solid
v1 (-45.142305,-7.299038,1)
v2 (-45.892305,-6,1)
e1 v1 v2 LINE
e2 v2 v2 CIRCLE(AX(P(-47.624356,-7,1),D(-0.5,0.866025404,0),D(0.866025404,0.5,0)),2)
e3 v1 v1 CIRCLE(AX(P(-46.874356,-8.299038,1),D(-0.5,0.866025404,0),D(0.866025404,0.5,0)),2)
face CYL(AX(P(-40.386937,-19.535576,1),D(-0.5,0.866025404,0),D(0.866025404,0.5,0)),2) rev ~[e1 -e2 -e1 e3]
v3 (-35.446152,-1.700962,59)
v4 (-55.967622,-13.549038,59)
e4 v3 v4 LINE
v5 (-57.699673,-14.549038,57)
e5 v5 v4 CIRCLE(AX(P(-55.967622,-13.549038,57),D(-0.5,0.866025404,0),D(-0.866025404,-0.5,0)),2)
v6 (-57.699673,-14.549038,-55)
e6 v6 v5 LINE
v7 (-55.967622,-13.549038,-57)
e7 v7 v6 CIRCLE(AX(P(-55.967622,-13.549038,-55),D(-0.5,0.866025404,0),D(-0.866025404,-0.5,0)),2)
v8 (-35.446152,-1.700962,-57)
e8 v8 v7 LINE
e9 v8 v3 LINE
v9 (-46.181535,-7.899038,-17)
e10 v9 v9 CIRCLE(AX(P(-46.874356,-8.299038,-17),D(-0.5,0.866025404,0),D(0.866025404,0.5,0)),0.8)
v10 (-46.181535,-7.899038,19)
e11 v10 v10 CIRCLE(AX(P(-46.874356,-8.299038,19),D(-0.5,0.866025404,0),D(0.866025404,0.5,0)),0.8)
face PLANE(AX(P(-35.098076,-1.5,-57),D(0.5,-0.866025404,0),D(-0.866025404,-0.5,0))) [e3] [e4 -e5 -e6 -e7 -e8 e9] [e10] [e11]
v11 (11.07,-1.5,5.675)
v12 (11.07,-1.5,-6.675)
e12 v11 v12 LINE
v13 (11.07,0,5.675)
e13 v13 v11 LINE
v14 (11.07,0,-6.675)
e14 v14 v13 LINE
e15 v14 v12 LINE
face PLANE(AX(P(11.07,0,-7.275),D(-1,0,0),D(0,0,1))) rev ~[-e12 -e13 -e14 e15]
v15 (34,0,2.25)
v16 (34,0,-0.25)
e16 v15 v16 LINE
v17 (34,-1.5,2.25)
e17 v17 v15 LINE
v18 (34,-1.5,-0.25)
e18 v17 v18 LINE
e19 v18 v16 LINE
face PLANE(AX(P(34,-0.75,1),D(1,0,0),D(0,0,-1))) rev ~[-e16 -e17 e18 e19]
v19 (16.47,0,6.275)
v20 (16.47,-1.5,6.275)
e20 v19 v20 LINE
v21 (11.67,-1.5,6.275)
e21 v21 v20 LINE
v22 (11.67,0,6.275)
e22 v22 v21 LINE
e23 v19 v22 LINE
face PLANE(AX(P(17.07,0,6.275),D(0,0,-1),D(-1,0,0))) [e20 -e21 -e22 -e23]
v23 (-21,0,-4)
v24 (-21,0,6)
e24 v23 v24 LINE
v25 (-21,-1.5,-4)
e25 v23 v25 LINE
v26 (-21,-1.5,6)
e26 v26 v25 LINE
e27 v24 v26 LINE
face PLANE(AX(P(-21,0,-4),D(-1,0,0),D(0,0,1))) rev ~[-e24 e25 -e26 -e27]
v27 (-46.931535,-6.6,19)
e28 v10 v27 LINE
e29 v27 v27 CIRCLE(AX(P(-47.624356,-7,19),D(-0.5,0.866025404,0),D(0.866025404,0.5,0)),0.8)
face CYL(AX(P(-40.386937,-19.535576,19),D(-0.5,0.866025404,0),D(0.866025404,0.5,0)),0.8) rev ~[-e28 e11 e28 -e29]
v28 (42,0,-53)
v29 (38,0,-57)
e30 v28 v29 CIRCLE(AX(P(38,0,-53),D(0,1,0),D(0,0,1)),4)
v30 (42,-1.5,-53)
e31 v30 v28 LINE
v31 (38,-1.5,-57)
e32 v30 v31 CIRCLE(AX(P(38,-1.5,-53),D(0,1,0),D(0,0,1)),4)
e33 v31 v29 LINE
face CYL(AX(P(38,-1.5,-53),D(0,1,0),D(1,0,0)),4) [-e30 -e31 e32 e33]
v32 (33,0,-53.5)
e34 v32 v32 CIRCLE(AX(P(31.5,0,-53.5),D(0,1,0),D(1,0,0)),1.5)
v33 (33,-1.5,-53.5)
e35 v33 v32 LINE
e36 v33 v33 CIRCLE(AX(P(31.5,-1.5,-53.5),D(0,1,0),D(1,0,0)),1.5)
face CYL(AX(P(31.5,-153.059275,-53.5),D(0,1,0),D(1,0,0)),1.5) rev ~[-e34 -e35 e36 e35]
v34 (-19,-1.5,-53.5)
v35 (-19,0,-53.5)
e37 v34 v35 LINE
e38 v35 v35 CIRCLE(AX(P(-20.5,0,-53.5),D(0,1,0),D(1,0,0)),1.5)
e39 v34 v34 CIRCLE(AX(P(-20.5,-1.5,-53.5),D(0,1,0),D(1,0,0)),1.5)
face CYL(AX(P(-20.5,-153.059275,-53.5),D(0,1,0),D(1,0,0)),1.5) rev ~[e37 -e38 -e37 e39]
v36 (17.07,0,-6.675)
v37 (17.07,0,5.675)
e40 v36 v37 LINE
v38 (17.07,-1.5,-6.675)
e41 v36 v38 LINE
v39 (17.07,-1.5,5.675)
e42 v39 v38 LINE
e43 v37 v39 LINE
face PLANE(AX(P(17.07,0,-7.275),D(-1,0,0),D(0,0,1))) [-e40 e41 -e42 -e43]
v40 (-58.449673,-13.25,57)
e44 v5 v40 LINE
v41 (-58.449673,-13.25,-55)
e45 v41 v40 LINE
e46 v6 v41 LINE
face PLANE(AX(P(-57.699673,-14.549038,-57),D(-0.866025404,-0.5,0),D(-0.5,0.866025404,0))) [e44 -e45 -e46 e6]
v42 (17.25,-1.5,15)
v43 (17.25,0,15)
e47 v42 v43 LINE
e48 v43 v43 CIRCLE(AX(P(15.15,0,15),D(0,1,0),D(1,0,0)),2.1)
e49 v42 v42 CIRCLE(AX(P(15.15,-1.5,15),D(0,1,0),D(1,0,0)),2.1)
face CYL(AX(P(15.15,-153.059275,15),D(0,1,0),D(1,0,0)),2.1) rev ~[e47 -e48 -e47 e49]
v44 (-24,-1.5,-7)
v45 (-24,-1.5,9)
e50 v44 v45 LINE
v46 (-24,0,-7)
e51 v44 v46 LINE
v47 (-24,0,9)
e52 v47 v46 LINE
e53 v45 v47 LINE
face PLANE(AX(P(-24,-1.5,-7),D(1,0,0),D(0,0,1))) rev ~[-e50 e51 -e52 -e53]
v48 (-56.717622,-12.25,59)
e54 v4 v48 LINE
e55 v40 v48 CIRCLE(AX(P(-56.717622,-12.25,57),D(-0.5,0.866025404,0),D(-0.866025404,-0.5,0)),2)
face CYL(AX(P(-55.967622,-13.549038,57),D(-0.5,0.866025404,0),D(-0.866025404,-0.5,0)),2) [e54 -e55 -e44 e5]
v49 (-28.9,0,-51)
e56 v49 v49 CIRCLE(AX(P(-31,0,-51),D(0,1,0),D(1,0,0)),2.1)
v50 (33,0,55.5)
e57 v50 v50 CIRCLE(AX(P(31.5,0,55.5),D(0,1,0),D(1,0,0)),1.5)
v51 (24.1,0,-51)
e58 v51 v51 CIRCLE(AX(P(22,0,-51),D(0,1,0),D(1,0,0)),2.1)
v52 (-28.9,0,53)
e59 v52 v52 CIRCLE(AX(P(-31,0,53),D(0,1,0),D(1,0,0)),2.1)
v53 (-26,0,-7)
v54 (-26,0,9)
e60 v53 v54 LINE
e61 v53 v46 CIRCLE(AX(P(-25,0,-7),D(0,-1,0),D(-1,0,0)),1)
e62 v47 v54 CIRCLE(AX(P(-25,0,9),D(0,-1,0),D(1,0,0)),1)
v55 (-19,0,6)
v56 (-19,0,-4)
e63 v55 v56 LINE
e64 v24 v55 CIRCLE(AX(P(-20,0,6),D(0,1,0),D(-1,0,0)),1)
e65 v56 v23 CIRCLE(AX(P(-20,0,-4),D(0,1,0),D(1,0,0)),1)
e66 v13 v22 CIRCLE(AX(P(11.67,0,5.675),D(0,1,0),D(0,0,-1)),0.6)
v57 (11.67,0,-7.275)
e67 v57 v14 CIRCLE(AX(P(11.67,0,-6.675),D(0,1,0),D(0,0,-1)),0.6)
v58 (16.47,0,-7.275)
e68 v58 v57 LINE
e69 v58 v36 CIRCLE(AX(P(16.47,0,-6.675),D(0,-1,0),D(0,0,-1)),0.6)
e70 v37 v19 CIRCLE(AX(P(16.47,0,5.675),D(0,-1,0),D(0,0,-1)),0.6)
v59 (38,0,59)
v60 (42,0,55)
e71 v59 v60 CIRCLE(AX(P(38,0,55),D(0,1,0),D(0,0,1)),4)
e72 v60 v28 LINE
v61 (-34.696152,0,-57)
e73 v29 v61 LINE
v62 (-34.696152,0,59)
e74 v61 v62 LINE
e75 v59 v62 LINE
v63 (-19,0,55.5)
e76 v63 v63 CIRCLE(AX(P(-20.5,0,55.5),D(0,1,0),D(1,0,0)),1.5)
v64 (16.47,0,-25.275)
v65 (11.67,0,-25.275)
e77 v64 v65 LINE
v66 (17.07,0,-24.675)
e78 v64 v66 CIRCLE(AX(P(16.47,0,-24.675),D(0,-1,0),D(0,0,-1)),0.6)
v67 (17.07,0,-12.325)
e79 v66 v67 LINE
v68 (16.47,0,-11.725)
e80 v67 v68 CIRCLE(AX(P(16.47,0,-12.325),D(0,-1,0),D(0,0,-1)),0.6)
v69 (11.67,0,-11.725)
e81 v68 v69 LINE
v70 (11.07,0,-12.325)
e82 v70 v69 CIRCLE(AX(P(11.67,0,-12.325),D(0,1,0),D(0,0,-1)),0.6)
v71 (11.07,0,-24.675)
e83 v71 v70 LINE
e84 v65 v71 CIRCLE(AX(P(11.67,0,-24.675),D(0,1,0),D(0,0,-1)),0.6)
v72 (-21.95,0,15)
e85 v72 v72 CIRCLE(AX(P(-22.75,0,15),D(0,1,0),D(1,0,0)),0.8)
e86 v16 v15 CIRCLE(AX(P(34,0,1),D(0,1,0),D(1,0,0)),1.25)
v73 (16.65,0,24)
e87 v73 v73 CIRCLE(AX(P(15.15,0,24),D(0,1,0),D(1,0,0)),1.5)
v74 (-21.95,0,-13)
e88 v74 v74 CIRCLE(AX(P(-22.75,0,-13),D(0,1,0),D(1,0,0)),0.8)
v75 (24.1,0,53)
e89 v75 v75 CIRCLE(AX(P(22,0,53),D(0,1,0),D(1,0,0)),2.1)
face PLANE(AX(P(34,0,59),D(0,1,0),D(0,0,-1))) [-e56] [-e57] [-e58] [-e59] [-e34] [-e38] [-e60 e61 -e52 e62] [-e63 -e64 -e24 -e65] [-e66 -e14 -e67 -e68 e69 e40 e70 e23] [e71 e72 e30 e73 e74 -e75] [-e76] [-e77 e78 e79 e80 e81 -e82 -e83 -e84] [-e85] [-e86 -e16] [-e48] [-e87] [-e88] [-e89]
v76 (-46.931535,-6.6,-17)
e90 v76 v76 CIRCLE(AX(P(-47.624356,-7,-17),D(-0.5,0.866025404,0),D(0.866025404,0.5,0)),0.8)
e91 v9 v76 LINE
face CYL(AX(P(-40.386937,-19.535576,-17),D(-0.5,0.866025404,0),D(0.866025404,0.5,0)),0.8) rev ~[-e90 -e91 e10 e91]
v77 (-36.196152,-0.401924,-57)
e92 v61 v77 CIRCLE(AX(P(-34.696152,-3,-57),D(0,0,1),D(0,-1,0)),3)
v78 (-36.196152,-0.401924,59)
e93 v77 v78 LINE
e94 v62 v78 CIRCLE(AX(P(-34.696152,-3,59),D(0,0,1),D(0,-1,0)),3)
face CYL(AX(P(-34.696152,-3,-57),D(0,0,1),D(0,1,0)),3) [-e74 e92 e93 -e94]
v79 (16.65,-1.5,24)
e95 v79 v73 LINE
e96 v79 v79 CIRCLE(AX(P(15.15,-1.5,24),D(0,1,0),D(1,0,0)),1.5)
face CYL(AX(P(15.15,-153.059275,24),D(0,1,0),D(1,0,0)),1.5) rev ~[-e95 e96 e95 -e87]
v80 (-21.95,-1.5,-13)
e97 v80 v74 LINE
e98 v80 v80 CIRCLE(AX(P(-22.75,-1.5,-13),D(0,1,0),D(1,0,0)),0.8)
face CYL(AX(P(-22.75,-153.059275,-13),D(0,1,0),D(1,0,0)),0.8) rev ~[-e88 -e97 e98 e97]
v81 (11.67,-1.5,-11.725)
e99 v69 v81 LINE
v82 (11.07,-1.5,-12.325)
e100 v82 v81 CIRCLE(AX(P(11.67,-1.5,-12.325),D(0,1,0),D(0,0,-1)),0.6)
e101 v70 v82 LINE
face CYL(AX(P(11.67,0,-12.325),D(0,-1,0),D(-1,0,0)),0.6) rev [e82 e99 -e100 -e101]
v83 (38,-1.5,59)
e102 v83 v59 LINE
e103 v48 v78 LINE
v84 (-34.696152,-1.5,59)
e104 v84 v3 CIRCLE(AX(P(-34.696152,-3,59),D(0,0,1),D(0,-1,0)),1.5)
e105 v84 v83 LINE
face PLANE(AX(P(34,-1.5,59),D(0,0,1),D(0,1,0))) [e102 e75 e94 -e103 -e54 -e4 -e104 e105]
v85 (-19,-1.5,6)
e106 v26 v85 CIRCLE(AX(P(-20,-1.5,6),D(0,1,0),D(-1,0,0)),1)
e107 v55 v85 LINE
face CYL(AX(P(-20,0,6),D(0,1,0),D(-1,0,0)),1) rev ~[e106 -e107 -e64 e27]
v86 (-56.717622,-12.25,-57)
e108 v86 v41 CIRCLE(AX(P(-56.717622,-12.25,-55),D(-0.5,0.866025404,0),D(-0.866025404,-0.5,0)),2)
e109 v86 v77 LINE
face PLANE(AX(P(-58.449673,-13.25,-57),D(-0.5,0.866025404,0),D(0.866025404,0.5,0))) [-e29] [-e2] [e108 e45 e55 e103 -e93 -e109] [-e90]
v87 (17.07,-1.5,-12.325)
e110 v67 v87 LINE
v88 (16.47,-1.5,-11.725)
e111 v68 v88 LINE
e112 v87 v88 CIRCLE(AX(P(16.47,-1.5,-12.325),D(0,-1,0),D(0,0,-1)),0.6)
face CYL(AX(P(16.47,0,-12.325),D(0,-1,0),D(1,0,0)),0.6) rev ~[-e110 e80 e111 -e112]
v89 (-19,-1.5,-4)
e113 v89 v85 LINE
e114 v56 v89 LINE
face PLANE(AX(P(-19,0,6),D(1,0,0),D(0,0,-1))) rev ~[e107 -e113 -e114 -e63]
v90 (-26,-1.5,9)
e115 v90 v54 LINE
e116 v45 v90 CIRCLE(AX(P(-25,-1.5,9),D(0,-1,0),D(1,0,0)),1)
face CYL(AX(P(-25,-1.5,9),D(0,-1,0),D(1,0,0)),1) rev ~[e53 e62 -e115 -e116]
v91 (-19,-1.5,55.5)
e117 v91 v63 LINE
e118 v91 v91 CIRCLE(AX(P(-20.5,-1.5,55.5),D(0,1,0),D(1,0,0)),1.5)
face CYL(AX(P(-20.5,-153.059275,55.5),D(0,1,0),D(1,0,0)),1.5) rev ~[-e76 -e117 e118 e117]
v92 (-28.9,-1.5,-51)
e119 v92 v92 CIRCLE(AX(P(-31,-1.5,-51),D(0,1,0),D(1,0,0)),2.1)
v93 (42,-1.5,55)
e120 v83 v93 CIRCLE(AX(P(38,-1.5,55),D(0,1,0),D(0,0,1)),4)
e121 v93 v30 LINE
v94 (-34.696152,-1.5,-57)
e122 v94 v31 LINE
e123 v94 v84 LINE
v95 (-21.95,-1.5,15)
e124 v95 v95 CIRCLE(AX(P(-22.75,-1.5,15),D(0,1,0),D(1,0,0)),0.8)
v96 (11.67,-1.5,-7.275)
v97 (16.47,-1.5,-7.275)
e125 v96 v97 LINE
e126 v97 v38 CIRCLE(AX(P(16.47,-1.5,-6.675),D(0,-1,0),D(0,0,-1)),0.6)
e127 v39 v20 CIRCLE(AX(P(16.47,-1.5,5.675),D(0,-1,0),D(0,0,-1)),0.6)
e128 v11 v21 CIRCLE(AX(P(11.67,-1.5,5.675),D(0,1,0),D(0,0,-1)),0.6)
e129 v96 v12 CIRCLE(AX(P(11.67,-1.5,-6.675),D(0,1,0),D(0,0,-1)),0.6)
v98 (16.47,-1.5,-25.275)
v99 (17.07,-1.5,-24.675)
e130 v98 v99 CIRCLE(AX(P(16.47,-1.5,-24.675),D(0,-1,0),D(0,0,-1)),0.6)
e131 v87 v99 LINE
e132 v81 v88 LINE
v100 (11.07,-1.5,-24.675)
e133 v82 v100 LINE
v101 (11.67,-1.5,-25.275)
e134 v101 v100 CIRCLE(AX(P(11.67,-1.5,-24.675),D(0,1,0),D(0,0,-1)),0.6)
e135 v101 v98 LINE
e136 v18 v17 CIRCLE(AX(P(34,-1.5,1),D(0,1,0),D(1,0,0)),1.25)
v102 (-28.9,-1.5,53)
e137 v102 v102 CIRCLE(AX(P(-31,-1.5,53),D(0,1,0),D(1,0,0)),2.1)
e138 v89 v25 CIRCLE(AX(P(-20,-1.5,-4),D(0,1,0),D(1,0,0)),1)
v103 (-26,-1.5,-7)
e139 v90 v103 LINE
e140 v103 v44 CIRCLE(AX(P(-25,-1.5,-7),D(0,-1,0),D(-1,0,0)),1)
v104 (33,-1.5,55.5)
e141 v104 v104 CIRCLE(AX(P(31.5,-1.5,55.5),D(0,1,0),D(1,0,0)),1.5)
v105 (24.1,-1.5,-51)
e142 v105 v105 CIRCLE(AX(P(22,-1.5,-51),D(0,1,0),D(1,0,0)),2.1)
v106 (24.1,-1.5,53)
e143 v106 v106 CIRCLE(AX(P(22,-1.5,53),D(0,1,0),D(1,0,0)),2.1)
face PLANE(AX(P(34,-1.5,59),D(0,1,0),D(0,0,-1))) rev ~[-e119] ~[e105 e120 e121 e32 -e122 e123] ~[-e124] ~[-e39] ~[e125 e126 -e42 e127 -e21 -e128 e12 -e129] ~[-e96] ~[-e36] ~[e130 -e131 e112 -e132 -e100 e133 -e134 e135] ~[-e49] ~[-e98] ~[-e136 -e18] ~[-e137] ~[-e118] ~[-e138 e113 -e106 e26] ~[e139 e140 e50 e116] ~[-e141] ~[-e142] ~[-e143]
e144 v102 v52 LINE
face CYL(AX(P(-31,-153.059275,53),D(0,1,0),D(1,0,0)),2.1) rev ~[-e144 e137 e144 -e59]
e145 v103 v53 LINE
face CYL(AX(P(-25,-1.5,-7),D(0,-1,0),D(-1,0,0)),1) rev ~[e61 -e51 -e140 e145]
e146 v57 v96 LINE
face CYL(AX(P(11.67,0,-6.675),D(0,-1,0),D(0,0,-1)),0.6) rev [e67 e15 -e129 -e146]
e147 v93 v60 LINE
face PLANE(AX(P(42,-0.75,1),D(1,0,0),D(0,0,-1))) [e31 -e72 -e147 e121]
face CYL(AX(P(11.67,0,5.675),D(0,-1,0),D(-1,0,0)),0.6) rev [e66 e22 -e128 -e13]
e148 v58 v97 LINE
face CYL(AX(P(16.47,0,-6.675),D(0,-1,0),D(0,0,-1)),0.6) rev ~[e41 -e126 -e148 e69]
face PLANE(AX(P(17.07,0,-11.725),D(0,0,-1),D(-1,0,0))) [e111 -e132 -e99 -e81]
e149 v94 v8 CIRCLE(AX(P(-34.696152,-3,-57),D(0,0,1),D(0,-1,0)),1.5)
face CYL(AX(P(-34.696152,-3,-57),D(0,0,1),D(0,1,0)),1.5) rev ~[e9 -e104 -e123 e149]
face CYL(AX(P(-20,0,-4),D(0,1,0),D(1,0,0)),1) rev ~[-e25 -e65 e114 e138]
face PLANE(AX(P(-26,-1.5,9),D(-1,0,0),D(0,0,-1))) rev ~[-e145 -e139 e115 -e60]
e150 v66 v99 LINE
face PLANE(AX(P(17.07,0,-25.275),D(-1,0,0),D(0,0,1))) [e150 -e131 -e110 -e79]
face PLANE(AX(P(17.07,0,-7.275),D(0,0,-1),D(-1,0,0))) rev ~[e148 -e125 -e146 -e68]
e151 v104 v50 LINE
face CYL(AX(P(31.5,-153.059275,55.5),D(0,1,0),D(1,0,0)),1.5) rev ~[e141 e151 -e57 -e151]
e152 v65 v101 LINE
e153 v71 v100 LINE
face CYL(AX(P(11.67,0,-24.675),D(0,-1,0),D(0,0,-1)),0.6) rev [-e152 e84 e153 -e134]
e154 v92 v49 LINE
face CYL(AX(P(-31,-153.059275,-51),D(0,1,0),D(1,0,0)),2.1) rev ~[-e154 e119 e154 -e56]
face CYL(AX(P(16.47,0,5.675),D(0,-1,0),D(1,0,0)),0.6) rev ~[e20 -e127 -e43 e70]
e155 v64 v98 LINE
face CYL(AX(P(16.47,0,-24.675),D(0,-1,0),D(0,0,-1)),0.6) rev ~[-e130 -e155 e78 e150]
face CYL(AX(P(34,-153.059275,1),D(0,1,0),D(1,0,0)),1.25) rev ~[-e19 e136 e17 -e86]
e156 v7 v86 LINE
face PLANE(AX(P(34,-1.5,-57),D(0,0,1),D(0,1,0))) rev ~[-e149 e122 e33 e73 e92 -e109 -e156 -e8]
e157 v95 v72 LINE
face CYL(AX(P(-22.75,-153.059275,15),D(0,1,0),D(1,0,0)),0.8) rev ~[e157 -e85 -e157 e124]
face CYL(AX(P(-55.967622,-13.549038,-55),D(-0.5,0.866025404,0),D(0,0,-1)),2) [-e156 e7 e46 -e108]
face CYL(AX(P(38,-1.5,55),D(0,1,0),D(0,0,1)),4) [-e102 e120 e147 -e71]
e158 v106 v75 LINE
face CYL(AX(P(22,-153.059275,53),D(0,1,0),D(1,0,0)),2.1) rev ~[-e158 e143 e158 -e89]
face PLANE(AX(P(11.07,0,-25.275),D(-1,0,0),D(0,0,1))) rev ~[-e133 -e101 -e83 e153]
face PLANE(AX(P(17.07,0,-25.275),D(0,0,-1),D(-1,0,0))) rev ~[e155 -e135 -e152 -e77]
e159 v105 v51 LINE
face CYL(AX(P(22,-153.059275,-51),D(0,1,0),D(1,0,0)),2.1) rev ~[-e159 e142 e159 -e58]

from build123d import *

# Parameters (mm, degrees)
SALIENTE_EXTRUIR1_DEPTH             = 116
CROQUIS2_W                          = 6
CROQUIS2_H                          = 13.55
CORTAR_EXTRUIR1_DEPTH               = 85.315116124
CROQUIS3_W                          = 6
CROQUIS3_H                          = 13.55
CORTAR_EXTRUIR2_DEPTH               = 85.315116124
CORTAR_EXTRUIR3_DEPTH               = 85.315116124
CORTAR_EXTRUIR4_DEPTH               = 85.069267231
DI_METRO_DE_TALADRO_2_5_2_5_1_D     = 2.5
DI_METRO_DE_TALADRO_3_0_3_1_D       = 3
DI_METRO_DE_TALADRO_1_6_1_6_1_D     = 1.6
DI_METRO_DE_TALADRO_4_0_4_1_D       = 4
DI_METRO_DE_TALADRO_4_0_4_1_DEPTH   = 12.9748366
DI_METRO_DE_TALADRO_1_6_1_6_2_D     = 1.6
DI_METRO_DE_TALADRO_1_6_1_6_2_DEPTH = 12.9748366
DI_METRO_DE_TALADRO_4_2_4_2_1_D     = 4.2
REDONDEO1_R                         = 0.6
REDONDEO2_R                         = 1.5
REDONDEO3_R                         = 2
REDONDEO4_R                         = 3
SALIENTE_EXTRUIR2_DEPTH             = 4
SALIENTE_EXTRUIR2_DEPTH_BACK        = 4
CROQUIS18_W                         = 116
CROQUIS18_H                         = 1.5
REDONDEO5_R                         = 4


with BuildPart() as part:
    # Croquis1 → Saliente-Extruir1 (new body)
    with BuildSketch(Plane(origin=(0, 0, -57), x_dir=(-1, 0, 0), z_dir=(0, 0, -1))):
        Polygon((58.4496732, -13.25), (35.5, 0), (-38, 0), (-38, -1.5), (35.098076211, -1.5), (57.6996732, -14.549038106), align=None)
    extrude(amount=-SALIENTE_EXTRUIR1_DEPTH)

    # Croquis2 → Cortar-Extruir1 (cut, through all)
    with BuildSketch(Plane(origin=(0, 0, 0), x_dir=(-1, 0, 0), z_dir=(0, 1, 0))):
        with Locations((-14.07, -18.5)):
            Rectangle(CROQUIS2_W, CROQUIS2_H)
    extrude(amount=-CORTAR_EXTRUIR1_DEPTH, mode=Mode.SUBTRACT)

    # Croquis3 → Cortar-Extruir2 (cut, through all)
    with BuildSketch(Plane(origin=(0, 0, 0), x_dir=(-1, 0, 0), z_dir=(0, 1, 0))):
        with Locations((-14.07, -0.5)):
            Rectangle(CROQUIS3_W, CROQUIS3_H)
    extrude(amount=-CORTAR_EXTRUIR2_DEPTH, mode=Mode.SUBTRACT)

    # Croquis4 → Cortar-Extruir3 (cut, through all)
    with BuildSketch(Plane(origin=(0, 0, 0), x_dir=(-1, 0, 0), z_dir=(0, 1, 0))):
        with BuildLine():
            Line((21, -4), (21, 6))
            ThreePointArc((21, 6), (20, 7), (19, 6))
            Line((19, 6), (19, -4))
            ThreePointArc((19, -4), (20, -5), (21, -4))
        make_face()
    extrude(amount=-CORTAR_EXTRUIR3_DEPTH, mode=Mode.SUBTRACT)

    # Croquis5 → Cortar-Extruir4 (cut, through all)
    with BuildSketch(Plane.XZ.offset(1.5)):
        with BuildLine():
            Line((-24, -7), (-24, 9))
            ThreePointArc((-24, 9), (-25, 10), (-26, 9))
            Line((-26, 9), (-26, -7))
            ThreePointArc((-26, -7), (-25, -8), (-24, -7))
        make_face()
    extrude(amount=-CORTAR_EXTRUIR4_DEPTH, mode=Mode.SUBTRACT)

    # Diámetro de taladro Ø2.5 (2.5)1 (through all)
    with Locations(Plane(origin=(0, -1.5, 0), x_dir=(-1, 0, 0), z_dir=(0, -1, 0))):
        with Locations((-34, -1)):
            Hole(DI_METRO_DE_TALADRO_2_5_2_5_1_D / 2)

    # Diámetro de taladro Ø3.0 (3)1 (through all)
    with Locations(Plane(origin=(0, -1.5, 0), x_dir=(-1, 0, 0), z_dir=(0, -1, 0))):
        with Locations((-15.15, -24), (-31.5, 53.5), (20.5, -55.5), (-31.5, -55.5), (20.5, 53.5)):
            Hole(DI_METRO_DE_TALADRO_3_0_3_1_D / 2)

    # Diámetro de taladro Ø1.6 (1.6)1 (through all)
    with Locations(Plane(origin=(0, -1.5, 0), x_dir=(-1, 0, 0), z_dir=(0, -1, 0))):
        with Locations((22.75, -15), (22.75, 13)):
            Hole(DI_METRO_DE_TALADRO_1_6_1_6_1_D / 2)

    # Diámetro de taladro Ø4.0 (4)1
    with Locations(Plane(origin=(-8.125, 14.072912811, 0), x_dir=(-0.8660254037844288, -0.5000000000000172, 0), z_dir=(0.5000000000000172, -0.8660254037844288, 0))):
        with Locations((44.743901834, -1)):
            Hole(DI_METRO_DE_TALADRO_4_0_4_1_D / 2, depth=DI_METRO_DE_TALADRO_4_0_4_1_DEPTH)

    # Diámetro de taladro Ø1.6 (1.6)2
    with Locations(Plane(origin=(-8.125, 14.072912811, 0), x_dir=(-0.8660254037844288, -0.5000000000000172, 0), z_dir=(0.5000000000000172, -0.8660254037844288, 0))):
        with Locations((44.743901834, -19), (44.743901834, 17)):
            Hole(DI_METRO_DE_TALADRO_1_6_1_6_2_D / 2, depth=DI_METRO_DE_TALADRO_1_6_1_6_2_DEPTH)

    # Diámetro de taladro Ø4.2 (4.2)1 (through all)
    with Locations(Plane(origin=(0, -1.5, 0), x_dir=(-1, 0, 0), z_dir=(0, -1, 0))):
        with Locations((31, -53), (31, 51), (-22, -53), (-22, 51), (-15.15, -15)):
            Hole(DI_METRO_DE_TALADRO_4_2_4_2_1_D / 2)

    # Redondeo1
    redondeo1_edges = [part.edges().sort_by_distance(p)[0] for p in [
        (17.07, -0.75, -25.275),
        (17.07, -0.75, -11.725),
        (11.07, -0.75, -11.725),
        (11.07, -0.75, -25.275),
        (11.07, -0.75, -7.275),
        (17.07, -0.75, -7.275),
        (17.07, -0.75, 6.275),
        (11.07, -0.75, 6.275),
    ]]
    fillet(redondeo1_edges, radius=REDONDEO1_R)

    # Redondeo2
    redondeo2_edges = [part.edges().sort_by_distance(p)[0] for p in [
        (-35.098076211, -1.5, 1),
    ]]
    fillet(redondeo2_edges, radius=REDONDEO2_R)

    # Redondeo3
    redondeo3_edges = [part.edges().sort_by_distance(p)[0] for p in [
        (38, -0.75, 59),
        (-58.0746732, -13.899519053, 59),
        (38, -0.75, -57),
        (-58.0746732, -13.899519053, -57),
    ]]
    fillet(redondeo3_edges, radius=REDONDEO3_R)

    # Redondeo4
    redondeo4_edges = [part.edges().sort_by_distance(p)[0] for p in [
        (-35.5, 0, 1),
    ]]
    fillet(redondeo4_edges, radius=REDONDEO4_R)

    # Croquis18 → Saliente-Extruir2 (add, two sides: drawn at the far end of the back side and taken through both)
    with BuildSketch(Plane(origin=(38, 0, 0), x_dir=(0, 0, -1), z_dir=(1, 0, 0)).offset(-SALIENTE_EXTRUIR2_DEPTH_BACK)):
        with Locations((-1, -0.75)):
            Rectangle(CROQUIS18_W, CROQUIS18_H)
    extrude(amount=SALIENTE_EXTRUIR2_DEPTH + SALIENTE_EXTRUIR2_DEPTH_BACK)

    # Redondeo5
    redondeo5_edges = [part.edges().sort_by_distance(p)[0] for p in [
        (42, -0.75, 59),
        (42, -0.75, -57),
    ]]
    fillet(redondeo5_edges, radius=REDONDEO5_R)


solid = part.part
